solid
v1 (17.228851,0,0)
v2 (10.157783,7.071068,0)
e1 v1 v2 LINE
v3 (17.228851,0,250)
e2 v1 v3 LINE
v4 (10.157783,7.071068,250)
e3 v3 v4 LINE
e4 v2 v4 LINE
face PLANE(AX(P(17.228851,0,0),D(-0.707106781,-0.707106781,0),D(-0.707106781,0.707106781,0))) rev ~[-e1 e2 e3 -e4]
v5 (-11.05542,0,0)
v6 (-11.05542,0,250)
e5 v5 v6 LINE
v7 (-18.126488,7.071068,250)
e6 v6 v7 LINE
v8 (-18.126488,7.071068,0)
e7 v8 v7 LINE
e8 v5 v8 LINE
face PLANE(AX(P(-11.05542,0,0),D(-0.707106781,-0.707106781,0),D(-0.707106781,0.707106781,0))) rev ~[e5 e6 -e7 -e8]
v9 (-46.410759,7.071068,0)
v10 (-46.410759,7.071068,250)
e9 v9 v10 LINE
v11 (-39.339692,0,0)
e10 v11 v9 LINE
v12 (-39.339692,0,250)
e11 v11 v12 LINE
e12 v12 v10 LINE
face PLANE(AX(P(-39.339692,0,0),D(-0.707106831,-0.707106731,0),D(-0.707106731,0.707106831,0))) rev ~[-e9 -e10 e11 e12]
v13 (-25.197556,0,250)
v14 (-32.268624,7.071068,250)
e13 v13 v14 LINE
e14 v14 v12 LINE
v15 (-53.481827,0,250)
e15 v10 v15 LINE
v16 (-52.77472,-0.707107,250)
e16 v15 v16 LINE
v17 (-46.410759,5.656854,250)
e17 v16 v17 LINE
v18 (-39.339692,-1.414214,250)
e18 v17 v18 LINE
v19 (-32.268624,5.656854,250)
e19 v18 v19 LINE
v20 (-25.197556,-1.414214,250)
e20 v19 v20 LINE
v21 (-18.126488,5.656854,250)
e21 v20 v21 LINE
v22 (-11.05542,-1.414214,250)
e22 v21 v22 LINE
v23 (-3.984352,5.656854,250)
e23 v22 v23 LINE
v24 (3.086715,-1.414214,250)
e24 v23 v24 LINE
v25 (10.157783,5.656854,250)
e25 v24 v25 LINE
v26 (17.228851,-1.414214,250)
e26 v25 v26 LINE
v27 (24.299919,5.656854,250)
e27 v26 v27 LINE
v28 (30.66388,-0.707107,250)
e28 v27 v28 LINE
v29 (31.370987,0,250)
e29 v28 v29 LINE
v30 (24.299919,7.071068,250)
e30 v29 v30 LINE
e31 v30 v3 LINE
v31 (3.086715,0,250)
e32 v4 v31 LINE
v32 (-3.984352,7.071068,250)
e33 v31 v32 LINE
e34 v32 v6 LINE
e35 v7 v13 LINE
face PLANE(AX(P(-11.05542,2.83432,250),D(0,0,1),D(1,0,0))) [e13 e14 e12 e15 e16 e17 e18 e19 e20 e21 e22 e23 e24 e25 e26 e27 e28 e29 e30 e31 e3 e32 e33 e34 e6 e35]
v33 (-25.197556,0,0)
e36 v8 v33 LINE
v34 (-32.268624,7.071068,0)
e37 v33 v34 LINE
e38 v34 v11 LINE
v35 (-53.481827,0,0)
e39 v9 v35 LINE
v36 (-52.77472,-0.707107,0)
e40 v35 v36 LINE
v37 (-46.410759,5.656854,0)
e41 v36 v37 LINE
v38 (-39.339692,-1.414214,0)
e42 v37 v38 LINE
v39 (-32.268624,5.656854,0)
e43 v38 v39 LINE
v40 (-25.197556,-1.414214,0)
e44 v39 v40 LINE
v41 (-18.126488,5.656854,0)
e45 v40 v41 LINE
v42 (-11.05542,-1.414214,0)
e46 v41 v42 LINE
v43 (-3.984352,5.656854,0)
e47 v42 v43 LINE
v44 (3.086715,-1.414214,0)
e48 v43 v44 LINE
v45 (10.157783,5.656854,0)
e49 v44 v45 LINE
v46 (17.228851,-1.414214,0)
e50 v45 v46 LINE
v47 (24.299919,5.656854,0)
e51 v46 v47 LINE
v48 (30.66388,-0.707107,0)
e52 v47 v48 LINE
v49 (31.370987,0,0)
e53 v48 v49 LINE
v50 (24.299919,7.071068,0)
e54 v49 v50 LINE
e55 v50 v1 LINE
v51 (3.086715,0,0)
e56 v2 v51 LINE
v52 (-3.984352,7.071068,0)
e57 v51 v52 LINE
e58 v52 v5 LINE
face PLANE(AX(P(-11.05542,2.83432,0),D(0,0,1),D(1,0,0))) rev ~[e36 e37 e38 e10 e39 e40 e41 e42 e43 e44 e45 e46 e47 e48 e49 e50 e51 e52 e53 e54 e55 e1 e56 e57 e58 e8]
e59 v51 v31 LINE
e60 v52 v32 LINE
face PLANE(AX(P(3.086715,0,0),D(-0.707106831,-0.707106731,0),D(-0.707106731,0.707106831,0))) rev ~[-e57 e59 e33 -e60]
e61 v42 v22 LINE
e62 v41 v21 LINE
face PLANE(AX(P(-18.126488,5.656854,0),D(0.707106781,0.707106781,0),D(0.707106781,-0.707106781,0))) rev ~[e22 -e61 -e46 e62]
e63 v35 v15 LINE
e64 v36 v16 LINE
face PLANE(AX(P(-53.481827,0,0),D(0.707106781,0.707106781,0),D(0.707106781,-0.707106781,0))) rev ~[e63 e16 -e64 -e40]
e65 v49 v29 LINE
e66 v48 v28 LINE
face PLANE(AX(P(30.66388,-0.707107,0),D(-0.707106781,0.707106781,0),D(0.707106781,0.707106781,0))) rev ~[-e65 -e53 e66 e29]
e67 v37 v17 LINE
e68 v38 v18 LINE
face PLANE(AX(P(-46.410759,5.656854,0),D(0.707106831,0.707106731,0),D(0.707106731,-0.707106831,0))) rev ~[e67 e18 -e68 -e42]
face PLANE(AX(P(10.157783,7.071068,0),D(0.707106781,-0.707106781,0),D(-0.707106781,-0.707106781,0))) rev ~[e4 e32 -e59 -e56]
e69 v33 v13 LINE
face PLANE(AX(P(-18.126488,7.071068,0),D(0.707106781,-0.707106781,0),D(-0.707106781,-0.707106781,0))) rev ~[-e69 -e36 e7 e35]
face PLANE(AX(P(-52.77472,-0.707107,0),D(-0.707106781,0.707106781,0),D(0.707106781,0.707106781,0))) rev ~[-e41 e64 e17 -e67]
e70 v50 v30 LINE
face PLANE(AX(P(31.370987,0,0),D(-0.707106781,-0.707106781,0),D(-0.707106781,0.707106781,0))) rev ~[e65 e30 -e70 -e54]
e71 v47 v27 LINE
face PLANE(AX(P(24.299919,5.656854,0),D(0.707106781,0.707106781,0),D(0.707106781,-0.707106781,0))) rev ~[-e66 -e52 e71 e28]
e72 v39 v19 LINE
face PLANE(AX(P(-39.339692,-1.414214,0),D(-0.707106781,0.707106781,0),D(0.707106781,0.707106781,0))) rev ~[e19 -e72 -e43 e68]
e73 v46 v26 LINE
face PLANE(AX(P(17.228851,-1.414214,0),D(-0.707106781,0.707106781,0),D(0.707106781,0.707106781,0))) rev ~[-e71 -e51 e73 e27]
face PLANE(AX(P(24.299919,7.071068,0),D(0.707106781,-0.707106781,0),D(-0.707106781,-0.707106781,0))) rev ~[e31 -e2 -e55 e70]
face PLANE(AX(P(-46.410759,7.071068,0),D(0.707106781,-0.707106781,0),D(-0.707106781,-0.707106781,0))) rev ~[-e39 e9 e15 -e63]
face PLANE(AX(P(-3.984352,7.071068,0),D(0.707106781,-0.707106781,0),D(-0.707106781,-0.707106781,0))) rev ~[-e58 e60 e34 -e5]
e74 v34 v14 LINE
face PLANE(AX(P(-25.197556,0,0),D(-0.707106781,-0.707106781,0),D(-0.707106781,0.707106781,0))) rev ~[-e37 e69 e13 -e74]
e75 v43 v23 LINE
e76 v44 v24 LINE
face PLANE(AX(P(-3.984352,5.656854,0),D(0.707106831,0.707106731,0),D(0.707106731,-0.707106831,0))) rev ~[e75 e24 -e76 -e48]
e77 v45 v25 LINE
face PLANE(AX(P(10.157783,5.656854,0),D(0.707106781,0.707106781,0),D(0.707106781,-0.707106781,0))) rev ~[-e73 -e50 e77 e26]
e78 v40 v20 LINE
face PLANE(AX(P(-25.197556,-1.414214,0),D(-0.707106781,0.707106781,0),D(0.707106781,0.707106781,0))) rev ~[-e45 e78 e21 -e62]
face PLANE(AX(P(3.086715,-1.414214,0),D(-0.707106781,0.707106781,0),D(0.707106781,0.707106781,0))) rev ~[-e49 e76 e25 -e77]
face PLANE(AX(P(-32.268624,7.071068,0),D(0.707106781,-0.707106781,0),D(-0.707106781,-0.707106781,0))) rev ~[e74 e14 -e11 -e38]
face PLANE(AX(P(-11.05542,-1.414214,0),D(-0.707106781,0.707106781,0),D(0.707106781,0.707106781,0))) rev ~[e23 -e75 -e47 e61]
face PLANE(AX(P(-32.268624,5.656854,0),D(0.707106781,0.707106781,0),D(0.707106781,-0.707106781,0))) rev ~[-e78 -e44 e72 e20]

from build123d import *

# Parameters (mm, degrees)
F1_DEPTH = 250


with BuildPart() as f1:
    # F0 (on Top) → F1 (new body)
    with BuildSketch(Plane.XY):
        Polygon((-46.410759, 7.071068), (-53.481827, 0), (-52.77472, -0.707107), (-46.410759, 5.656854), (-39.339692, -1.414214), (-32.268624, 5.656854), (-25.197556, -1.414214), (-18.126488, 5.656854), (-11.05542, -1.414214), (-3.984352, 5.656854), (3.086715, -1.414214), (10.157783, 5.656854), (17.228851, -1.414214), (24.299919, 5.656854), (30.66388, -0.707107), (31.370987, 0), (24.299919, 7.071068), (17.228851, 0), (10.157783, 7.071068), (3.086715, 0), (-3.984352, 7.071068), (-11.05542, 0), (-18.126488, 7.071068), (-25.197556, 0), (-32.268624, 7.071068), (-39.339692, 0), align=None)
    extrude(amount=F1_DEPTH)


solid = f1.part
